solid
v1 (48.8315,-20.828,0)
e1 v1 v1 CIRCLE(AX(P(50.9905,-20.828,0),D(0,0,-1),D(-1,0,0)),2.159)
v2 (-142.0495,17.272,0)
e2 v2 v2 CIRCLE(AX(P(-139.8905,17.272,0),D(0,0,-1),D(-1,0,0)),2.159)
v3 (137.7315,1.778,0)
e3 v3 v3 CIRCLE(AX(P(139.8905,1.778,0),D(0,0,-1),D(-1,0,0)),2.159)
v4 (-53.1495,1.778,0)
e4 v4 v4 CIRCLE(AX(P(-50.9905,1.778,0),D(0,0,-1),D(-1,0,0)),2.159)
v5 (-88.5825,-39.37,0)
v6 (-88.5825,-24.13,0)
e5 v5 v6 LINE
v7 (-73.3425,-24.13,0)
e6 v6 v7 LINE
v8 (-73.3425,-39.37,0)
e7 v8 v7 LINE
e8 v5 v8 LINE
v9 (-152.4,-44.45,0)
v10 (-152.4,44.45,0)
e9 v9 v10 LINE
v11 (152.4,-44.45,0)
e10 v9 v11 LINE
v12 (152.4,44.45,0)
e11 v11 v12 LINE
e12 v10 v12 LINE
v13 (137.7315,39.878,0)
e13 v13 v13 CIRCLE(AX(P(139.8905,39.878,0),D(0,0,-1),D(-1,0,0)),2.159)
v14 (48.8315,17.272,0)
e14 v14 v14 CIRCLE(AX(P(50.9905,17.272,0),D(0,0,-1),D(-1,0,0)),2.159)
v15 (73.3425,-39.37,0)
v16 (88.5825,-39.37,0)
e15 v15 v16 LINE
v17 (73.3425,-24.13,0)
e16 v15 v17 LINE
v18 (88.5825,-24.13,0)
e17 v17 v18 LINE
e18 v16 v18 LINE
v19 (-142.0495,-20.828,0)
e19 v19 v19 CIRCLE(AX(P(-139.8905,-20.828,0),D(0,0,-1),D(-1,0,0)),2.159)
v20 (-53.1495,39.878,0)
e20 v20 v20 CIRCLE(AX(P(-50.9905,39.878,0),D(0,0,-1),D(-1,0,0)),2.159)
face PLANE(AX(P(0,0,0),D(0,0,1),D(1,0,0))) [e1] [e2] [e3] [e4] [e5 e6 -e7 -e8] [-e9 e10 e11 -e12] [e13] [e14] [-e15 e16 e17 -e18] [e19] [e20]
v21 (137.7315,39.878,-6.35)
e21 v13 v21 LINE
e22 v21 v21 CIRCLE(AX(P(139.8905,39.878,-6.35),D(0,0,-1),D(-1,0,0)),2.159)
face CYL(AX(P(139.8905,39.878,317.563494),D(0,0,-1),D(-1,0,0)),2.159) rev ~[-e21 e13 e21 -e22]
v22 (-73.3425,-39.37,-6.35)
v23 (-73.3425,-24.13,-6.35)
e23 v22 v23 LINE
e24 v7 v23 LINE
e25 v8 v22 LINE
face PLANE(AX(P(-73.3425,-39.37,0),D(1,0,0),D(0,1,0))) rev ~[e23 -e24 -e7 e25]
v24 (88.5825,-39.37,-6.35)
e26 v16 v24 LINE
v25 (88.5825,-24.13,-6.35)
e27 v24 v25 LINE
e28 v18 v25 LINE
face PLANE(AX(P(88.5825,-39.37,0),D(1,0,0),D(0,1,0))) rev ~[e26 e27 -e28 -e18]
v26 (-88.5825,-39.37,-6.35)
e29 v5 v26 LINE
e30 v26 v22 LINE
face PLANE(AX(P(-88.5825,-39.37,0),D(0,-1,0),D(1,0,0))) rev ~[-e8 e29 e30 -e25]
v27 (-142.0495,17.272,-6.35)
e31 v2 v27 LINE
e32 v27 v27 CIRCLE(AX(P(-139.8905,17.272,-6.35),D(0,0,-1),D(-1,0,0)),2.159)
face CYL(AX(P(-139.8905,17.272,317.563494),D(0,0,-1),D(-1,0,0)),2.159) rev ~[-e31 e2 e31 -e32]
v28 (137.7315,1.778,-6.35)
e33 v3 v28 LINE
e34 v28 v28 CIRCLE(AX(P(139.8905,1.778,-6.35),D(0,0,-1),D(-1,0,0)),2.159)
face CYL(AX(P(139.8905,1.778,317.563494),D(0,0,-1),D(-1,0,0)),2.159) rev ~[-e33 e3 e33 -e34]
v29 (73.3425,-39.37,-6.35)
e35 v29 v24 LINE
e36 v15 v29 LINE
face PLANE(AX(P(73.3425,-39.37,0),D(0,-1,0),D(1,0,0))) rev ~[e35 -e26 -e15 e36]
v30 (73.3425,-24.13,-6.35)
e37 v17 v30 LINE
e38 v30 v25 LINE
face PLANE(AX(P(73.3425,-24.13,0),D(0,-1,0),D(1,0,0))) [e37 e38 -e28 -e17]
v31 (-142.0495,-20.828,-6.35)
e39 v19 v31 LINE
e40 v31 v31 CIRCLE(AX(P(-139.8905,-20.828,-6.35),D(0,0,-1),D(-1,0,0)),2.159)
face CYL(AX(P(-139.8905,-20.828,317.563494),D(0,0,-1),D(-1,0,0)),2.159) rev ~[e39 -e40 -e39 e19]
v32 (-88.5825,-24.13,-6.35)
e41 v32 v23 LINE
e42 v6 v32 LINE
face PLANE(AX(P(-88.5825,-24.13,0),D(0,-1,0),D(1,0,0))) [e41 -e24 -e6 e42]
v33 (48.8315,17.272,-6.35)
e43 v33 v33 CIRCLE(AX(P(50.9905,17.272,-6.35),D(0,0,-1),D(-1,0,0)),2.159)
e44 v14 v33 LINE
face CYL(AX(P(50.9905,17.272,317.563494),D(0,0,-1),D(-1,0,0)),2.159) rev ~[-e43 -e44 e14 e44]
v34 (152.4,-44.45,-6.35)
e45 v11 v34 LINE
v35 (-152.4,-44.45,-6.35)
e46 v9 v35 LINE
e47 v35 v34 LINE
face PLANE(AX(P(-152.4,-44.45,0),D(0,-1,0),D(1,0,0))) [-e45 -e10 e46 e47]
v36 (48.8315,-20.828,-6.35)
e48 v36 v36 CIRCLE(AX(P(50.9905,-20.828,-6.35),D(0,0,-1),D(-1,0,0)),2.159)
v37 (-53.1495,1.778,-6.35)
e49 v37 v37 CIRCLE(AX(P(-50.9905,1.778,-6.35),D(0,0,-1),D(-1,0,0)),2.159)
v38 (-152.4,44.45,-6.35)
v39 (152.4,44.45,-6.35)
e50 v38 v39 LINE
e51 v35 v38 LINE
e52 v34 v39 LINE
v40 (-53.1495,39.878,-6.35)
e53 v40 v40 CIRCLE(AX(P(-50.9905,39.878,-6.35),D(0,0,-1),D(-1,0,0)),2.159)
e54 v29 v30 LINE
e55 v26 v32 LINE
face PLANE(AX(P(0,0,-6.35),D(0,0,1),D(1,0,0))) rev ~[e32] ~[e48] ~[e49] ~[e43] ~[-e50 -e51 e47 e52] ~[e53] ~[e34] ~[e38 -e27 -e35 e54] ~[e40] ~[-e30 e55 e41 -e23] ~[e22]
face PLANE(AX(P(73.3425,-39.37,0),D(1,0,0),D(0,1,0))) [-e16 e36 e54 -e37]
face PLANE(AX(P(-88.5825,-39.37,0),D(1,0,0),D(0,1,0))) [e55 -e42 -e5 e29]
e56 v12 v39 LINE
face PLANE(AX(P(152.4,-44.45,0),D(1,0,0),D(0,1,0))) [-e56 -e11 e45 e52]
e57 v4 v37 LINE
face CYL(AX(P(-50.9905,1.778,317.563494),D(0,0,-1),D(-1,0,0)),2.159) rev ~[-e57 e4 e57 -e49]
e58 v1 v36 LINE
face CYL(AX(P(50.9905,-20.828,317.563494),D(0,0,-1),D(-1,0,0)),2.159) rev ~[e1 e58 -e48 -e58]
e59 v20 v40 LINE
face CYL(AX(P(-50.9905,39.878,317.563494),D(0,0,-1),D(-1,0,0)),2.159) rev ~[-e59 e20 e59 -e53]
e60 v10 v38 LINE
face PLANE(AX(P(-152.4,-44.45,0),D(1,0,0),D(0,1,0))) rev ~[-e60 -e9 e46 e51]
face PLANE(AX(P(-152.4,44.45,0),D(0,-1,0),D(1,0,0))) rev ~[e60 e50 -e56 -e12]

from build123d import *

# Parameters (mm, degrees)
F0_W     = 304.8
F0_H     = 88.9
F1_DEPTH = 6.35
F2_W     = 15.24
F2_H     = 15.24
F3_DEPTH = 25.4
F5_D     = 4.318


with BuildPart() as f1:
    # F0 (on Top) → F1 (new body)
    with BuildSketch(Plane.XY):
        Rectangle(F0_W, F0_H)
    extrude(amount=-F1_DEPTH)

    # F2 (on face) → F3 (cut)
    with BuildSketch(Plane.XY):
        with Locations((-80.9625, -31.75)):
            Rectangle(F2_W, F2_H)
        with Locations((80.9625, -31.75)):
            Rectangle(F2_W, F2_H)
    extrude(amount=-F3_DEPTH, mode=Mode.SUBTRACT)

    # F5 (through all)
    with Locations(Plane.XY):
        with Locations((-50.9905, 39.878), (-139.8905, 17.272), (-50.9905, 1.778), (-139.8905, -20.828), (139.8905, 1.778), (139.8905, 39.878), (50.9905, 17.272), (50.9905, -20.828)):
            Hole(F5_D / 2)


solid = f1.part
